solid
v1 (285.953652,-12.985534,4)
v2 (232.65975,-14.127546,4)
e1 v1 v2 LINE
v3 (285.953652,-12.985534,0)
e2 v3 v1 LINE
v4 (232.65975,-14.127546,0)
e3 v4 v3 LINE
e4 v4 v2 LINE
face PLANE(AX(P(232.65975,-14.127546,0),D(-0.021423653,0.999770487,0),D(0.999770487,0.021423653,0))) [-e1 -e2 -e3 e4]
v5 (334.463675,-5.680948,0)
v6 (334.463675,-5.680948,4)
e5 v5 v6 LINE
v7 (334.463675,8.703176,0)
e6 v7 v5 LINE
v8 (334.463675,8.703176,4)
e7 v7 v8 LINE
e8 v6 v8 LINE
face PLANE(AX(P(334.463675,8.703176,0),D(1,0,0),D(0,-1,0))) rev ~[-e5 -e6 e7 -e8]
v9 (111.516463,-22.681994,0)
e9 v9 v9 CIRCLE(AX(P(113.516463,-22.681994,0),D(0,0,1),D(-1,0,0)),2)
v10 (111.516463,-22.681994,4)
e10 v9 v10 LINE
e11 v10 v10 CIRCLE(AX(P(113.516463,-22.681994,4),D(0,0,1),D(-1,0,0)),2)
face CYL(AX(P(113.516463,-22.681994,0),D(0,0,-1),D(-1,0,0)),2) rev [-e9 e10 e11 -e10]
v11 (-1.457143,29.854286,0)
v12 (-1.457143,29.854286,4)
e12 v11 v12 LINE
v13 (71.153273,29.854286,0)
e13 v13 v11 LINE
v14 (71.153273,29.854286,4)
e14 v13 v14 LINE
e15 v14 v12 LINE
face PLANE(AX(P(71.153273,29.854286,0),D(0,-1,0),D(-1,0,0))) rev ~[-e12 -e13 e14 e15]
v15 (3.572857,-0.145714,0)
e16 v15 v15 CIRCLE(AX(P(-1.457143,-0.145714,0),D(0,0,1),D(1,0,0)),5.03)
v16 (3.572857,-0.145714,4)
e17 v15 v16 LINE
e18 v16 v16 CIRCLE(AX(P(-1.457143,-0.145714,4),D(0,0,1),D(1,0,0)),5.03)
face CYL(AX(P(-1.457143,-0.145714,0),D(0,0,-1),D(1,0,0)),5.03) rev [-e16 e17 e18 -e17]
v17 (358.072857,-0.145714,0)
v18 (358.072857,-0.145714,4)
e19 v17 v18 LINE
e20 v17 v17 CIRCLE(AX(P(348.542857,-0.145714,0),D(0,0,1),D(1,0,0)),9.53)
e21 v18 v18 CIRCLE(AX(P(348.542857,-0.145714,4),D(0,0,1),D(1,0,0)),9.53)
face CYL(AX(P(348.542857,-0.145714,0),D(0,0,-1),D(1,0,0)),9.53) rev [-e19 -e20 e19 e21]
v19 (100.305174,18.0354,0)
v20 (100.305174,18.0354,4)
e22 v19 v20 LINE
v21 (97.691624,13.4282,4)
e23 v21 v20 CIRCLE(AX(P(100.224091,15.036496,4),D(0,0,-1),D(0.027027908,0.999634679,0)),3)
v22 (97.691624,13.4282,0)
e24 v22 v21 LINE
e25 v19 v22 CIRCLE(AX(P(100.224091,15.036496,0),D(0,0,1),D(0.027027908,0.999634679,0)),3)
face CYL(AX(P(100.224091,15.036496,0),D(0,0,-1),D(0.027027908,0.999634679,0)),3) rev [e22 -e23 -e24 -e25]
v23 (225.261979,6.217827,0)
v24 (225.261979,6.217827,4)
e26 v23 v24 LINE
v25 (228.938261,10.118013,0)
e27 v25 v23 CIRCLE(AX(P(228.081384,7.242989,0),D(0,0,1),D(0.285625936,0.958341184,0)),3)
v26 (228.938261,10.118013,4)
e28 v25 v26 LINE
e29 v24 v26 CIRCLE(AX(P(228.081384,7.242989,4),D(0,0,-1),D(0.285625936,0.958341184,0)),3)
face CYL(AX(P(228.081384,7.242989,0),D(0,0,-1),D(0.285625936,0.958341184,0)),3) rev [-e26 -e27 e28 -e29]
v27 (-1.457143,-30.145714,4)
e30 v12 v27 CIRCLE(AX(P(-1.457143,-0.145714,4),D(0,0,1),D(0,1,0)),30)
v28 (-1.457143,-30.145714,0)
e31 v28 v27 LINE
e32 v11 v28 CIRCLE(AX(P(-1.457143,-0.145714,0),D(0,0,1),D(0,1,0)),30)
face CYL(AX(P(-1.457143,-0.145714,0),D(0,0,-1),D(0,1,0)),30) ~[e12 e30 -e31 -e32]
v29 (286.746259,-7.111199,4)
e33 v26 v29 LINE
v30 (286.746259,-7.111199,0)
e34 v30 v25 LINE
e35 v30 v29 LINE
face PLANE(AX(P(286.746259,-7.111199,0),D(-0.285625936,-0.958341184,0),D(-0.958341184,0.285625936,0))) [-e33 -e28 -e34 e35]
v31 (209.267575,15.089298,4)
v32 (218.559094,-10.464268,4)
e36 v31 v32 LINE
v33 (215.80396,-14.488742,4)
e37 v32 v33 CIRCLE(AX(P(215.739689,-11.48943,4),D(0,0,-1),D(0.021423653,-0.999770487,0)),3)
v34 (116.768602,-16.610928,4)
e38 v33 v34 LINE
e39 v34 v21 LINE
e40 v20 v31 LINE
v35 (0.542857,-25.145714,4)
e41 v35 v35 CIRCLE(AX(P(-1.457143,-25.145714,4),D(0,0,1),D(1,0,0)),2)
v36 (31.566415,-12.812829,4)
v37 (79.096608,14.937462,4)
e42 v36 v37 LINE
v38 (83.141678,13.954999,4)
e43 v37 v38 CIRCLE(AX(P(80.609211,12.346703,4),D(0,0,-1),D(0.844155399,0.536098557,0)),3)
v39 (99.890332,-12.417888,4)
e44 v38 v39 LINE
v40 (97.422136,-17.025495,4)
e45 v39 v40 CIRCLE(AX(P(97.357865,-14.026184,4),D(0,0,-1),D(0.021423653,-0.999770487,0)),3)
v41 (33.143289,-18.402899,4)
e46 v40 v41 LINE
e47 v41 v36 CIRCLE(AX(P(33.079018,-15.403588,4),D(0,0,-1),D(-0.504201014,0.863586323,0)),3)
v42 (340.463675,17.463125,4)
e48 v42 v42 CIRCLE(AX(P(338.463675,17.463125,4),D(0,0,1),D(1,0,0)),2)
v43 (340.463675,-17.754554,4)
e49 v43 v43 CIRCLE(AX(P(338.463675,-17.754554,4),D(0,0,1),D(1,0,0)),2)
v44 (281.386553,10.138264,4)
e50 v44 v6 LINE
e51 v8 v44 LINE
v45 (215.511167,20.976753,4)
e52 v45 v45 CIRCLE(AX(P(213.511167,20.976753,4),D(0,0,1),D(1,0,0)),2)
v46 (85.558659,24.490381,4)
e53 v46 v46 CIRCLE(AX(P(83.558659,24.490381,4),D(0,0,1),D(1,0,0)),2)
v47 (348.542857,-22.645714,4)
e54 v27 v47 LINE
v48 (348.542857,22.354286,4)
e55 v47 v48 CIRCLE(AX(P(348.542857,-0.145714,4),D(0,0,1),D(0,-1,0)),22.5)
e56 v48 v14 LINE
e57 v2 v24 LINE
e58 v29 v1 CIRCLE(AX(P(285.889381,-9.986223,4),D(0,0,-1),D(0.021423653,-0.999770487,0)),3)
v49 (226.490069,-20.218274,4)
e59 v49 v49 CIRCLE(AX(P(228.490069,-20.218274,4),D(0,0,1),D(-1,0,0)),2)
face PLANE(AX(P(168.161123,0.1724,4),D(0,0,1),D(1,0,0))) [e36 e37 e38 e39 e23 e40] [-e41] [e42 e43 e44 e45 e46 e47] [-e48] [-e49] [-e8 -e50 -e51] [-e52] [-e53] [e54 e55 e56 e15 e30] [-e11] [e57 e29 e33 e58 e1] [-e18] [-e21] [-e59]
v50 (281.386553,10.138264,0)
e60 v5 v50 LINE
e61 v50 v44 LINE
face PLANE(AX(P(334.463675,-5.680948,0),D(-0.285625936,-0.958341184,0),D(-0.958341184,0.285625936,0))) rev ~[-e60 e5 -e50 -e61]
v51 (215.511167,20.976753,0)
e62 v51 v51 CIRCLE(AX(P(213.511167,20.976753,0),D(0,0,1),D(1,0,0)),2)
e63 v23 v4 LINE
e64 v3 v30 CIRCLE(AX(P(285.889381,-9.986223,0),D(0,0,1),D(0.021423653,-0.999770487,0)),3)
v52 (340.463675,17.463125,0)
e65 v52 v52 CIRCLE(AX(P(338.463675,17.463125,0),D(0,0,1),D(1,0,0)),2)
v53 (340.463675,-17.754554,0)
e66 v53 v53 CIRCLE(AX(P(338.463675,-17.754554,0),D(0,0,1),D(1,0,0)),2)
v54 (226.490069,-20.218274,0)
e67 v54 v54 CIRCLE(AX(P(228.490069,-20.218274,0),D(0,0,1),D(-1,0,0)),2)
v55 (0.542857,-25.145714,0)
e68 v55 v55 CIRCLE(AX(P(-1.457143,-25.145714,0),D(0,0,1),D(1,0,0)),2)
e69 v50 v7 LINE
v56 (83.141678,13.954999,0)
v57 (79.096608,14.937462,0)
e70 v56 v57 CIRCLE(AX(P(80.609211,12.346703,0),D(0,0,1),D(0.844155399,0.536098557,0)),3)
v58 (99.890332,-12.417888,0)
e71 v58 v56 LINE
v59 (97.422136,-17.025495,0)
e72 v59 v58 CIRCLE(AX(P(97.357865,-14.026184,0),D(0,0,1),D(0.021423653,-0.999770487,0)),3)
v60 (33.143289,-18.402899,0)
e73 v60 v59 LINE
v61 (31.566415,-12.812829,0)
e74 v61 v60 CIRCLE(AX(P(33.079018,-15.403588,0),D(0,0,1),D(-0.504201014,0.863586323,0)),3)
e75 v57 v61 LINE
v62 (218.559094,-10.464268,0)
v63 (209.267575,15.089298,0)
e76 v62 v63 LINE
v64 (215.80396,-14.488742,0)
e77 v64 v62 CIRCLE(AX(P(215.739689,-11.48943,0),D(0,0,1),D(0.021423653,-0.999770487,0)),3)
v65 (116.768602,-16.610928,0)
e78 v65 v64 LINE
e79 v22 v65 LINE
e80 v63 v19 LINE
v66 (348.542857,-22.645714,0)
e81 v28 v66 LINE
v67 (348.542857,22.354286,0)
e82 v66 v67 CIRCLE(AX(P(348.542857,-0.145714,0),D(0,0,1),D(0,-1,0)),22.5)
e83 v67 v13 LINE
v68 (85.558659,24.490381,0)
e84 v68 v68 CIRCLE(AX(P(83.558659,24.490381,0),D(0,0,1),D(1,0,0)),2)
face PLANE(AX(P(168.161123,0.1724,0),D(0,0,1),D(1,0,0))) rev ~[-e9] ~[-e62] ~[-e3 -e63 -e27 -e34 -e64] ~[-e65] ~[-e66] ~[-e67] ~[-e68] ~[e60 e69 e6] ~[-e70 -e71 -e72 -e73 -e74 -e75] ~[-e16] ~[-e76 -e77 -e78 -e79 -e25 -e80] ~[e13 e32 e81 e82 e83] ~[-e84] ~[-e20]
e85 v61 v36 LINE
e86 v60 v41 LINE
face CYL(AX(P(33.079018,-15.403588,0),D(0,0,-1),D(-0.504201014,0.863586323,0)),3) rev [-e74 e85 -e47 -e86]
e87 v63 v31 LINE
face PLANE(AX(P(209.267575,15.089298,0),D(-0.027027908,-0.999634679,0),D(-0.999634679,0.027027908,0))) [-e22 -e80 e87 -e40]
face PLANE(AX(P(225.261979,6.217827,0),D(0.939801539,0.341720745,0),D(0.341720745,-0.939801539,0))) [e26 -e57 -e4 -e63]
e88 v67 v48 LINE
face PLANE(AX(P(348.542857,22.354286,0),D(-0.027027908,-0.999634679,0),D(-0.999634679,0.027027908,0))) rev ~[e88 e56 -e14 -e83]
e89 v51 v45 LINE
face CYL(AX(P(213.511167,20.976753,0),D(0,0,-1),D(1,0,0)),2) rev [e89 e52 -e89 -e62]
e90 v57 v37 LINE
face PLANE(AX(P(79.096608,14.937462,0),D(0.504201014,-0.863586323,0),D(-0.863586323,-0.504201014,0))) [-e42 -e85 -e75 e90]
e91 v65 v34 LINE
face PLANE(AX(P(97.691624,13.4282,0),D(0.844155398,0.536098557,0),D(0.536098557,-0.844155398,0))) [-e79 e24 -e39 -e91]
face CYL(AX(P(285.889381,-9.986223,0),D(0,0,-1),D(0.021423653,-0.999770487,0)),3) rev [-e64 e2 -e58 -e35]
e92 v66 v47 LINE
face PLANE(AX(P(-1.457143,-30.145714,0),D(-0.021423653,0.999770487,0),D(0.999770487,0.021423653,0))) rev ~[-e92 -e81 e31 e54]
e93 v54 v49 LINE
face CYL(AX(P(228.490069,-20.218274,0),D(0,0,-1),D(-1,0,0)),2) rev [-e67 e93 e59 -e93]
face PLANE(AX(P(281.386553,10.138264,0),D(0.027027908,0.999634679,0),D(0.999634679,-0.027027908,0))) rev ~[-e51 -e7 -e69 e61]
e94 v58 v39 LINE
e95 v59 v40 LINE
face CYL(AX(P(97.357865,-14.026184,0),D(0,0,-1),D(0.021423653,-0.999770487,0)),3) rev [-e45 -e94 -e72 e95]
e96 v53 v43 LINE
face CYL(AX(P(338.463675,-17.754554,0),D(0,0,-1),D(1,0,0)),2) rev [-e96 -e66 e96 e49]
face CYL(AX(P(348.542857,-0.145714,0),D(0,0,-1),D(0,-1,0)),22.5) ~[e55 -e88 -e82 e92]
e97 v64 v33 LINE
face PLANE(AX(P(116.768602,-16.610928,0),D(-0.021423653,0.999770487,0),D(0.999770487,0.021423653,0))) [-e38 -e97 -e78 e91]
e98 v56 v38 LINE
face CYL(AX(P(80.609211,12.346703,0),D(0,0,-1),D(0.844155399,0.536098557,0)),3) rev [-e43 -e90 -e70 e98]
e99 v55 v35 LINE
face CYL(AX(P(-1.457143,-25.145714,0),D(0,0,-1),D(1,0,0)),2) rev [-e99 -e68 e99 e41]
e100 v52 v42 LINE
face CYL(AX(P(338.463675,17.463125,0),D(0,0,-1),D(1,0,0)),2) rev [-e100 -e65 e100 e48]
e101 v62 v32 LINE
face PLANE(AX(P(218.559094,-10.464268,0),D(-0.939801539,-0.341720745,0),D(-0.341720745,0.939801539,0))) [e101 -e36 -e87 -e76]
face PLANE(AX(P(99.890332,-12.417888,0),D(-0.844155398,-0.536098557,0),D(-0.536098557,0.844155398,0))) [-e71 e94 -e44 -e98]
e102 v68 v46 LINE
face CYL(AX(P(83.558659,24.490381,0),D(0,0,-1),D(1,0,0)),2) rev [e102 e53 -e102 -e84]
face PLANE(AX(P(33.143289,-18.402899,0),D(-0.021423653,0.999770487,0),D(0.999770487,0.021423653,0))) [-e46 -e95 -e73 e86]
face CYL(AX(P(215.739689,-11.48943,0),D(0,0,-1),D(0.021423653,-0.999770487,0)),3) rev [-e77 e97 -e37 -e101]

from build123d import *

# Parameters (mm, degrees)
SKETCH_1_R          = 5.03
SKETCH_1_R_2        = 9.53
SKETCH_1_R_3        = 2
EXTRUDE_1_DEPTH     = 4
CUT_EXTRUDE_1_DEPTH = 10


with BuildPart() as part:
    # 草图1 → 凸台-拉伸1 (new body)
    with BuildSketch(Plane.XY):
        with BuildLine():
            Line((348.542857143, 22.354285714), (71.15327348, 29.854285714))
            Line((71.15327348, 29.854285714), (-1.457142857, 29.854285714))
            ThreePointArc((-1.457142857, 29.854285714), (-31.457142857, -0.145714286), (-1.457142857, -30.145714286))
            Line((-1.457142857, -30.145714286), (348.542857143, -22.645714286))
            ThreePointArc((348.542857143, -22.645714286), (371.042857143, -0.145714286), (348.542857143, 22.354285714))
        make_face()
        with Locations((-1.457142857, -0.145714286)):
            Circle(SKETCH_1_R, mode=Mode.SUBTRACT)
        with Locations((348.542857143, -0.145714286)):
            Circle(SKETCH_1_R_2, mode=Mode.SUBTRACT)
        with Locations((-1.457142857, -25.145714286)):
            Circle(SKETCH_1_R_3, mode=Mode.SUBTRACT)
        with Locations((83.558658591, 24.490381358)):
            Circle(SKETCH_1_R_3, mode=Mode.SUBTRACT)
        with Locations((213.511166909, 20.976753342)):
            Circle(SKETCH_1_R_3, mode=Mode.SUBTRACT)
        with Locations(Location((228.490069199, -20.218274027, 0), (0, 0, 180))):
            Circle(SKETCH_1_R_3, mode=Mode.SUBTRACT)
        with Locations(Location((113.516463171, -22.681994157, 0), (0, 0, 180))):
            Circle(SKETCH_1_R_3, mode=Mode.SUBTRACT)
        with Locations((338.463675227, -17.754553898)):
            Circle(SKETCH_1_R_3, mode=Mode.SUBTRACT)
        with Locations((338.463675227, 17.463125327)):
            Circle(SKETCH_1_R_3, mode=Mode.SUBTRACT)
    extrude(amount=EXTRUDE_1_DEPTH)

    # 草图4 → 切除-拉伸1 (cut)
    with BuildSketch(Plane(origin=(0, 0, 0), x_dir=(-1, 0, 0), z_dir=(0, 0, -1))):
        with BuildLine():
            Line((-79.096608398, 14.937462311), (-31.566415003, -12.812828637))
            ThreePointArc((-31.566415003, -12.812828637), (-30.191694318, -16.218057795), (-33.143289006, -18.402899067))
            Line((-33.143289006, -18.402899067), (-97.422136429, -17.025495194))
            ThreePointArc((-97.422136429, -17.025495194), (-100.002344972, -15.442774062), (-99.890331665, -12.41788806))
            Line((-99.890331665, -12.41788806), (-83.141677637, 13.954999014))
            ThreePointArc((-83.141677637, 13.954999014), (-81.317264225, 15.261949688), (-79.096608398, 14.937462311))
        make_face()
        with BuildLine():
            Line((-116.768601629, -16.610928082), (-215.80395994, -14.488741833))
            ThreePointArc((-215.80395994, -14.488741833), (-218.215167386, -13.18412995), (-218.559093597, -10.464268138))
            Line((-218.559093597, -10.464268138), (-209.267574838, 15.089297949))
            Line((-209.267574838, 15.089297949), (-100.305174274, 18.035399938))
            ThreePointArc((-100.305174274, 18.035399938), (-97.614705316, 16.516735307), (-97.691624355, 13.428200228))
            Line((-97.691624355, 13.428200228), (-116.768601629, -16.610928082))
        make_face()
        with BuildLine():
            Line((-232.659749539, -14.127546341), (-285.953651799, -12.98553415))
            ThreePointArc((-285.953651799, -12.98553415), (-288.86244016, -10.38736889), (-286.746258648, -7.111199137))
            Line((-286.746258648, -7.111199137), (-228.938261452, 10.118012745))
            ThreePointArc((-228.938261452, 10.118012745), (-225.898326118, 9.300720915), (-225.261979027, 6.217826959))
            Line((-225.261979027, 6.217826959), (-232.659749539, -14.127546341))
        make_face()
        Polygon((-334.463675227, -5.68094836), (-281.386552555, 10.138264153), (-334.463675227, 8.703176307), align=None)
    extrude(amount=-CUT_EXTRUDE_1_DEPTH, mode=Mode.SUBTRACT)


solid = part.part
